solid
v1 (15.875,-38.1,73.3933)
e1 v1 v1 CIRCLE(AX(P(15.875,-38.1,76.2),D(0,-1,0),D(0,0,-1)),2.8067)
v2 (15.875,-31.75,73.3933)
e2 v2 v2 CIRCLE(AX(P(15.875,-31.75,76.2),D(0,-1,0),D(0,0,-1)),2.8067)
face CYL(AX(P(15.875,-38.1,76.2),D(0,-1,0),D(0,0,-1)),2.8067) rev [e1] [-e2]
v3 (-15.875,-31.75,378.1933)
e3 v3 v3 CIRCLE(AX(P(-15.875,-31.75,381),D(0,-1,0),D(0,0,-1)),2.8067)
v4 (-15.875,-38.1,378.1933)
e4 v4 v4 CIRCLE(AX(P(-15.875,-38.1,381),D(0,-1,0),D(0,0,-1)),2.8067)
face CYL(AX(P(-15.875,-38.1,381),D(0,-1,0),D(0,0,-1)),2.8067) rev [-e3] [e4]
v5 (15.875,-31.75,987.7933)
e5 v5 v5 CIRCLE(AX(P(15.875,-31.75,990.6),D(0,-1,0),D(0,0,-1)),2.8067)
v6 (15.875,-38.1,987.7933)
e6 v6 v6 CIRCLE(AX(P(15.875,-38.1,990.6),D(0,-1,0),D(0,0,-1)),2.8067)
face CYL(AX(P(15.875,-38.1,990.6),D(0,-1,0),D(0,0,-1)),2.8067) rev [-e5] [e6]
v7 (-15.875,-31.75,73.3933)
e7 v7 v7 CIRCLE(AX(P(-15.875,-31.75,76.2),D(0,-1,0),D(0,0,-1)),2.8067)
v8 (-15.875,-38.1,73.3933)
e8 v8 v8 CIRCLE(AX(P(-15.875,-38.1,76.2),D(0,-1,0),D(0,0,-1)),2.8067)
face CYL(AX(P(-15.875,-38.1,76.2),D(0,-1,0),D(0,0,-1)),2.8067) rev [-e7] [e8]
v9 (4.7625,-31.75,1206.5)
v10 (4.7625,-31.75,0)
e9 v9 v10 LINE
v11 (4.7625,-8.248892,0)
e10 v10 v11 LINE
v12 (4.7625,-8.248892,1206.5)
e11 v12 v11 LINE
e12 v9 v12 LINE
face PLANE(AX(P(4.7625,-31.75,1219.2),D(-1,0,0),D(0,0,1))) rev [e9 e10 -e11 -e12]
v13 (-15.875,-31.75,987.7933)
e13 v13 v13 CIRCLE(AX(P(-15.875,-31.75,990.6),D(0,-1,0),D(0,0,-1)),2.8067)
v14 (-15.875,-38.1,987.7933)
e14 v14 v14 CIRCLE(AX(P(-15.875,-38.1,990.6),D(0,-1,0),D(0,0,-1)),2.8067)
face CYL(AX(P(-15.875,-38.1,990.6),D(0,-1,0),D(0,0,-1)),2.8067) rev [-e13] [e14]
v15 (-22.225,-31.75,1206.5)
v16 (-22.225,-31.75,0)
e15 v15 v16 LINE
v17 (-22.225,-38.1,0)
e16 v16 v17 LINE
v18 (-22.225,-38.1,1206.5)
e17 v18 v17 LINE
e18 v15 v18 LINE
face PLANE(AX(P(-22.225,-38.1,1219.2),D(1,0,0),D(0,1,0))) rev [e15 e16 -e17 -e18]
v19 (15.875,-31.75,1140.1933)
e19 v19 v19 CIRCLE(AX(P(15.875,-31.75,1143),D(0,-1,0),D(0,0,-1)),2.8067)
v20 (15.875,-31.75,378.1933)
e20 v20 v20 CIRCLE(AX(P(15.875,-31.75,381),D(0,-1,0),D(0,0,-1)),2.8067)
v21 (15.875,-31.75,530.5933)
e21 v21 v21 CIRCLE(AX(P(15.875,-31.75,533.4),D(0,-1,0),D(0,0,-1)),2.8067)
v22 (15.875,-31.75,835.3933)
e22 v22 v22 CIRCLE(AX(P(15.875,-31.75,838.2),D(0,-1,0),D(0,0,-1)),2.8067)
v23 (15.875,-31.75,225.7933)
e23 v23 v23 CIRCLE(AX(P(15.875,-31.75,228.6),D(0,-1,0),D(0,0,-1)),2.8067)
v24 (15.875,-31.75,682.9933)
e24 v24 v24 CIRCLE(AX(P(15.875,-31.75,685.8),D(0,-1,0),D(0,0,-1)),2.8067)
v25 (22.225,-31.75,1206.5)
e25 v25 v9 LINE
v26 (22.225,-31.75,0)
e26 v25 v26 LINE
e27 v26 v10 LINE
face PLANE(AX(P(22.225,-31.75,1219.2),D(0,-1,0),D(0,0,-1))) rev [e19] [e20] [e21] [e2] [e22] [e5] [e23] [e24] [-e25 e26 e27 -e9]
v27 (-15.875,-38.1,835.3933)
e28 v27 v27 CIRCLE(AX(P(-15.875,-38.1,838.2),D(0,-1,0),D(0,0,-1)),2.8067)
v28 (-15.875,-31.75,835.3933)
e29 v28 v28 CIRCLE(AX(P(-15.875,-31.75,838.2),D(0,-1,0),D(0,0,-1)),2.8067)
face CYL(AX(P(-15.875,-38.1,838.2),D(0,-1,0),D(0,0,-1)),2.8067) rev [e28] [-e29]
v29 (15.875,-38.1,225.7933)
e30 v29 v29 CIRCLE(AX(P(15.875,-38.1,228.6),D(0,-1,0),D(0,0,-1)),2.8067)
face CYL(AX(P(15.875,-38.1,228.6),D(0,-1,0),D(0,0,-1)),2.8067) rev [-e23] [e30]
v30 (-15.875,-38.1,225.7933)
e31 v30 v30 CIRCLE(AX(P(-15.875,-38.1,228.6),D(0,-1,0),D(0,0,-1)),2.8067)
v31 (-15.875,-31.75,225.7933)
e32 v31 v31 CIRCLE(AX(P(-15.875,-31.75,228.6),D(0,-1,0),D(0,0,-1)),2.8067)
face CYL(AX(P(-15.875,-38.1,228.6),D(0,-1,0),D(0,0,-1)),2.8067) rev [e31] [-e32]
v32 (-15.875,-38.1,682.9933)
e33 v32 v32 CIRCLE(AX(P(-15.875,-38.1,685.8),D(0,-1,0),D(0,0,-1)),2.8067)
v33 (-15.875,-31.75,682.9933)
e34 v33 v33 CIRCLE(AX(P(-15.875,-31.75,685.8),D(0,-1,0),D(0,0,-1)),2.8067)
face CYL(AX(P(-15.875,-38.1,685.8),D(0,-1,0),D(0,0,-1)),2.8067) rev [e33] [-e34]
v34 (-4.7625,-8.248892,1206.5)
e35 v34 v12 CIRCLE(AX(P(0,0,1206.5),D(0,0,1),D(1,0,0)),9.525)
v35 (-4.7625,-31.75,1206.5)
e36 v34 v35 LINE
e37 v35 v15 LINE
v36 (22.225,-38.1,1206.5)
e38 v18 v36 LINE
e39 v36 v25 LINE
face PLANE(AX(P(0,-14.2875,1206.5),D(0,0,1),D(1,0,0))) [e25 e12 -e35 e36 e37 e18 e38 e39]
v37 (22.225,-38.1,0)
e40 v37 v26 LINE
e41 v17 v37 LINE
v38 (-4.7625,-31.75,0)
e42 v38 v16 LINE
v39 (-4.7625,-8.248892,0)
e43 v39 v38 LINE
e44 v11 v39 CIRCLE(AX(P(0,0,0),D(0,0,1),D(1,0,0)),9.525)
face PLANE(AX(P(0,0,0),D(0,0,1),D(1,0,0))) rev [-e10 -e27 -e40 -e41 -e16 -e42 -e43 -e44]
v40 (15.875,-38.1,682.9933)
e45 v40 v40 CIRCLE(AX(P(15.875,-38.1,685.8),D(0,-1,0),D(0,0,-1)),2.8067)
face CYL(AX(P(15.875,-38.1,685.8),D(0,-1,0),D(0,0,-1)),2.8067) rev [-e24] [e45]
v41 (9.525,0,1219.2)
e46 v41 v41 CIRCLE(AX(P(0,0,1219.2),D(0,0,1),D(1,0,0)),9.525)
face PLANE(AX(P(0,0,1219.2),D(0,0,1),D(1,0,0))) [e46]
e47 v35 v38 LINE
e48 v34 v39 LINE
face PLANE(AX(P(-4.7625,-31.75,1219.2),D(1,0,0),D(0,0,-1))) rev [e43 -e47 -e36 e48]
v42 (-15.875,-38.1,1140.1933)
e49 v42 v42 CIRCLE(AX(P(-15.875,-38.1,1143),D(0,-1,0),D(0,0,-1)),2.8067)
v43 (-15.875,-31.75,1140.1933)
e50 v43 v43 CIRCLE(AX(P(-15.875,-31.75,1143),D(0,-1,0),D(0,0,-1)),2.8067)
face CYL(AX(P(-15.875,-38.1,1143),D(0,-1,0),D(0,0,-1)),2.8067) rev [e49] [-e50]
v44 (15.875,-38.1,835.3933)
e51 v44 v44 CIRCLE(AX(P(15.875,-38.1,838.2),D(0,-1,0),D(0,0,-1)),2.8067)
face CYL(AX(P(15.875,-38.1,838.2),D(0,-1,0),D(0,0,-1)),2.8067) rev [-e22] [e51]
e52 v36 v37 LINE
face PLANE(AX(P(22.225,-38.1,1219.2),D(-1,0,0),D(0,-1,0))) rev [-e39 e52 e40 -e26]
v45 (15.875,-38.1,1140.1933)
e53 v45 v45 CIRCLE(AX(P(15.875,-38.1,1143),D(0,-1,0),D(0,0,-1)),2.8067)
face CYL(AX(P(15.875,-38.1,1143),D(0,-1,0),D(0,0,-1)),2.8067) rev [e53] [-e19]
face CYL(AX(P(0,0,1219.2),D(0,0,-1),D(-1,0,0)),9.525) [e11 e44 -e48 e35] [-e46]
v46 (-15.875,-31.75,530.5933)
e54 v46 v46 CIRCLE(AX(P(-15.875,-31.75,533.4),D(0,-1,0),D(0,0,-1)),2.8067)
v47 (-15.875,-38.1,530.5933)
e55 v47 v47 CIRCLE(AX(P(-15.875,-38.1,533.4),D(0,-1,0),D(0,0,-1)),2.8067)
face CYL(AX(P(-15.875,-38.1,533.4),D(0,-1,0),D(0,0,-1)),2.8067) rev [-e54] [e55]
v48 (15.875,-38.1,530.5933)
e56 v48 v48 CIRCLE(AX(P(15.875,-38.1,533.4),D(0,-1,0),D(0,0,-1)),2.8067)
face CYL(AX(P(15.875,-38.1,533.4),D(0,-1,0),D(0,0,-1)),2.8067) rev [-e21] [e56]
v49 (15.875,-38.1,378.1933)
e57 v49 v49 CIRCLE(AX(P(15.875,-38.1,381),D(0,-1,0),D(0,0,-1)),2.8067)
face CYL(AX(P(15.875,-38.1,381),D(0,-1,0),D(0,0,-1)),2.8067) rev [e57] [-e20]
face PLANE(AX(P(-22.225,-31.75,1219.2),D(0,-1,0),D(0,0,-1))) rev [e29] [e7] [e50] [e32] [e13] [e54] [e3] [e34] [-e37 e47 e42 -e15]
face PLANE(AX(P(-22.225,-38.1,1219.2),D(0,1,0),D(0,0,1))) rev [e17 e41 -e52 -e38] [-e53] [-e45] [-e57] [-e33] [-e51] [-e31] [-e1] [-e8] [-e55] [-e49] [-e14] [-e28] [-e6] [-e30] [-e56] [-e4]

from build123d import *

# Parameters (mm, degrees)
EXTRUDE1_DEPTH         = 1219.2
F_10_CLEARANCE_HOLE1_D = 5.6134
LPATTERN3_COUNT        = 8
LPATTERN3_PITCH        = 152.4
SKETCH4_OUTSIDE_W      = 290.638
SKETCH4_OUTSIDE_H      = 293.813
SKETCH4_OUTSIDE_R      = 9.525
CUT_EXTRUDE1_DEPTH     = 12.7


with BuildPart() as part:
    # Sketch1 → Extrude1 (new body)
    with BuildSketch(Plane.XY):
        with BuildLine():
            Line((-22.225, -38.1), (22.225, -38.1))
            Line((22.225, -38.1), (22.225, -31.75))
            Line((22.225, -31.75), (4.7625, -31.75))
            Line((4.7625, -31.75), (4.7625, -8.248891971))
            ThreePointArc((4.7625, -8.248891971), (0, 9.525), (-4.7625, -8.248891971))
            Line((-4.7625, -8.248891971), (-4.7625, -31.75))
            Line((-4.7625, -31.75), (-22.225, -31.75))
            Line((-22.225, -31.75), (-22.225, -38.1))
        make_face()
    extrude(amount=EXTRUDE1_DEPTH)

    # #10 Clearance Hole1 (through all)
    with Locations(Plane.XZ.offset(38.1)):
        with Locations((-15.875, 76.2), (15.875, 76.2)):
            f_10_clearance_hole1 = Hole(F_10_CLEARANCE_HOLE1_D / 2)

    # LPattern3: #10 Clearance Hole1 ×8
    with Locations(*[(0, 0, i * LPATTERN3_PITCH) for i in range(1, LPATTERN3_COUNT)]):
        add(f_10_clearance_hole1, mode=Mode.SUBTRACT)

    # Sketch4 outside → Cut-Extrude1 (cut)
    with BuildSketch(Plane.XY.offset(1219.2)):
        with Locations((0, -14.2875)):
            Rectangle(SKETCH4_OUTSIDE_W, SKETCH4_OUTSIDE_H)
        with Locations(Location((0, 0, 0), (0, 0, 240))):
            Circle(SKETCH4_OUTSIDE_R, mode=Mode.SUBTRACT)
    extrude(amount=-CUT_EXTRUDE1_DEPTH, mode=Mode.SUBTRACT)


solid = part.part
